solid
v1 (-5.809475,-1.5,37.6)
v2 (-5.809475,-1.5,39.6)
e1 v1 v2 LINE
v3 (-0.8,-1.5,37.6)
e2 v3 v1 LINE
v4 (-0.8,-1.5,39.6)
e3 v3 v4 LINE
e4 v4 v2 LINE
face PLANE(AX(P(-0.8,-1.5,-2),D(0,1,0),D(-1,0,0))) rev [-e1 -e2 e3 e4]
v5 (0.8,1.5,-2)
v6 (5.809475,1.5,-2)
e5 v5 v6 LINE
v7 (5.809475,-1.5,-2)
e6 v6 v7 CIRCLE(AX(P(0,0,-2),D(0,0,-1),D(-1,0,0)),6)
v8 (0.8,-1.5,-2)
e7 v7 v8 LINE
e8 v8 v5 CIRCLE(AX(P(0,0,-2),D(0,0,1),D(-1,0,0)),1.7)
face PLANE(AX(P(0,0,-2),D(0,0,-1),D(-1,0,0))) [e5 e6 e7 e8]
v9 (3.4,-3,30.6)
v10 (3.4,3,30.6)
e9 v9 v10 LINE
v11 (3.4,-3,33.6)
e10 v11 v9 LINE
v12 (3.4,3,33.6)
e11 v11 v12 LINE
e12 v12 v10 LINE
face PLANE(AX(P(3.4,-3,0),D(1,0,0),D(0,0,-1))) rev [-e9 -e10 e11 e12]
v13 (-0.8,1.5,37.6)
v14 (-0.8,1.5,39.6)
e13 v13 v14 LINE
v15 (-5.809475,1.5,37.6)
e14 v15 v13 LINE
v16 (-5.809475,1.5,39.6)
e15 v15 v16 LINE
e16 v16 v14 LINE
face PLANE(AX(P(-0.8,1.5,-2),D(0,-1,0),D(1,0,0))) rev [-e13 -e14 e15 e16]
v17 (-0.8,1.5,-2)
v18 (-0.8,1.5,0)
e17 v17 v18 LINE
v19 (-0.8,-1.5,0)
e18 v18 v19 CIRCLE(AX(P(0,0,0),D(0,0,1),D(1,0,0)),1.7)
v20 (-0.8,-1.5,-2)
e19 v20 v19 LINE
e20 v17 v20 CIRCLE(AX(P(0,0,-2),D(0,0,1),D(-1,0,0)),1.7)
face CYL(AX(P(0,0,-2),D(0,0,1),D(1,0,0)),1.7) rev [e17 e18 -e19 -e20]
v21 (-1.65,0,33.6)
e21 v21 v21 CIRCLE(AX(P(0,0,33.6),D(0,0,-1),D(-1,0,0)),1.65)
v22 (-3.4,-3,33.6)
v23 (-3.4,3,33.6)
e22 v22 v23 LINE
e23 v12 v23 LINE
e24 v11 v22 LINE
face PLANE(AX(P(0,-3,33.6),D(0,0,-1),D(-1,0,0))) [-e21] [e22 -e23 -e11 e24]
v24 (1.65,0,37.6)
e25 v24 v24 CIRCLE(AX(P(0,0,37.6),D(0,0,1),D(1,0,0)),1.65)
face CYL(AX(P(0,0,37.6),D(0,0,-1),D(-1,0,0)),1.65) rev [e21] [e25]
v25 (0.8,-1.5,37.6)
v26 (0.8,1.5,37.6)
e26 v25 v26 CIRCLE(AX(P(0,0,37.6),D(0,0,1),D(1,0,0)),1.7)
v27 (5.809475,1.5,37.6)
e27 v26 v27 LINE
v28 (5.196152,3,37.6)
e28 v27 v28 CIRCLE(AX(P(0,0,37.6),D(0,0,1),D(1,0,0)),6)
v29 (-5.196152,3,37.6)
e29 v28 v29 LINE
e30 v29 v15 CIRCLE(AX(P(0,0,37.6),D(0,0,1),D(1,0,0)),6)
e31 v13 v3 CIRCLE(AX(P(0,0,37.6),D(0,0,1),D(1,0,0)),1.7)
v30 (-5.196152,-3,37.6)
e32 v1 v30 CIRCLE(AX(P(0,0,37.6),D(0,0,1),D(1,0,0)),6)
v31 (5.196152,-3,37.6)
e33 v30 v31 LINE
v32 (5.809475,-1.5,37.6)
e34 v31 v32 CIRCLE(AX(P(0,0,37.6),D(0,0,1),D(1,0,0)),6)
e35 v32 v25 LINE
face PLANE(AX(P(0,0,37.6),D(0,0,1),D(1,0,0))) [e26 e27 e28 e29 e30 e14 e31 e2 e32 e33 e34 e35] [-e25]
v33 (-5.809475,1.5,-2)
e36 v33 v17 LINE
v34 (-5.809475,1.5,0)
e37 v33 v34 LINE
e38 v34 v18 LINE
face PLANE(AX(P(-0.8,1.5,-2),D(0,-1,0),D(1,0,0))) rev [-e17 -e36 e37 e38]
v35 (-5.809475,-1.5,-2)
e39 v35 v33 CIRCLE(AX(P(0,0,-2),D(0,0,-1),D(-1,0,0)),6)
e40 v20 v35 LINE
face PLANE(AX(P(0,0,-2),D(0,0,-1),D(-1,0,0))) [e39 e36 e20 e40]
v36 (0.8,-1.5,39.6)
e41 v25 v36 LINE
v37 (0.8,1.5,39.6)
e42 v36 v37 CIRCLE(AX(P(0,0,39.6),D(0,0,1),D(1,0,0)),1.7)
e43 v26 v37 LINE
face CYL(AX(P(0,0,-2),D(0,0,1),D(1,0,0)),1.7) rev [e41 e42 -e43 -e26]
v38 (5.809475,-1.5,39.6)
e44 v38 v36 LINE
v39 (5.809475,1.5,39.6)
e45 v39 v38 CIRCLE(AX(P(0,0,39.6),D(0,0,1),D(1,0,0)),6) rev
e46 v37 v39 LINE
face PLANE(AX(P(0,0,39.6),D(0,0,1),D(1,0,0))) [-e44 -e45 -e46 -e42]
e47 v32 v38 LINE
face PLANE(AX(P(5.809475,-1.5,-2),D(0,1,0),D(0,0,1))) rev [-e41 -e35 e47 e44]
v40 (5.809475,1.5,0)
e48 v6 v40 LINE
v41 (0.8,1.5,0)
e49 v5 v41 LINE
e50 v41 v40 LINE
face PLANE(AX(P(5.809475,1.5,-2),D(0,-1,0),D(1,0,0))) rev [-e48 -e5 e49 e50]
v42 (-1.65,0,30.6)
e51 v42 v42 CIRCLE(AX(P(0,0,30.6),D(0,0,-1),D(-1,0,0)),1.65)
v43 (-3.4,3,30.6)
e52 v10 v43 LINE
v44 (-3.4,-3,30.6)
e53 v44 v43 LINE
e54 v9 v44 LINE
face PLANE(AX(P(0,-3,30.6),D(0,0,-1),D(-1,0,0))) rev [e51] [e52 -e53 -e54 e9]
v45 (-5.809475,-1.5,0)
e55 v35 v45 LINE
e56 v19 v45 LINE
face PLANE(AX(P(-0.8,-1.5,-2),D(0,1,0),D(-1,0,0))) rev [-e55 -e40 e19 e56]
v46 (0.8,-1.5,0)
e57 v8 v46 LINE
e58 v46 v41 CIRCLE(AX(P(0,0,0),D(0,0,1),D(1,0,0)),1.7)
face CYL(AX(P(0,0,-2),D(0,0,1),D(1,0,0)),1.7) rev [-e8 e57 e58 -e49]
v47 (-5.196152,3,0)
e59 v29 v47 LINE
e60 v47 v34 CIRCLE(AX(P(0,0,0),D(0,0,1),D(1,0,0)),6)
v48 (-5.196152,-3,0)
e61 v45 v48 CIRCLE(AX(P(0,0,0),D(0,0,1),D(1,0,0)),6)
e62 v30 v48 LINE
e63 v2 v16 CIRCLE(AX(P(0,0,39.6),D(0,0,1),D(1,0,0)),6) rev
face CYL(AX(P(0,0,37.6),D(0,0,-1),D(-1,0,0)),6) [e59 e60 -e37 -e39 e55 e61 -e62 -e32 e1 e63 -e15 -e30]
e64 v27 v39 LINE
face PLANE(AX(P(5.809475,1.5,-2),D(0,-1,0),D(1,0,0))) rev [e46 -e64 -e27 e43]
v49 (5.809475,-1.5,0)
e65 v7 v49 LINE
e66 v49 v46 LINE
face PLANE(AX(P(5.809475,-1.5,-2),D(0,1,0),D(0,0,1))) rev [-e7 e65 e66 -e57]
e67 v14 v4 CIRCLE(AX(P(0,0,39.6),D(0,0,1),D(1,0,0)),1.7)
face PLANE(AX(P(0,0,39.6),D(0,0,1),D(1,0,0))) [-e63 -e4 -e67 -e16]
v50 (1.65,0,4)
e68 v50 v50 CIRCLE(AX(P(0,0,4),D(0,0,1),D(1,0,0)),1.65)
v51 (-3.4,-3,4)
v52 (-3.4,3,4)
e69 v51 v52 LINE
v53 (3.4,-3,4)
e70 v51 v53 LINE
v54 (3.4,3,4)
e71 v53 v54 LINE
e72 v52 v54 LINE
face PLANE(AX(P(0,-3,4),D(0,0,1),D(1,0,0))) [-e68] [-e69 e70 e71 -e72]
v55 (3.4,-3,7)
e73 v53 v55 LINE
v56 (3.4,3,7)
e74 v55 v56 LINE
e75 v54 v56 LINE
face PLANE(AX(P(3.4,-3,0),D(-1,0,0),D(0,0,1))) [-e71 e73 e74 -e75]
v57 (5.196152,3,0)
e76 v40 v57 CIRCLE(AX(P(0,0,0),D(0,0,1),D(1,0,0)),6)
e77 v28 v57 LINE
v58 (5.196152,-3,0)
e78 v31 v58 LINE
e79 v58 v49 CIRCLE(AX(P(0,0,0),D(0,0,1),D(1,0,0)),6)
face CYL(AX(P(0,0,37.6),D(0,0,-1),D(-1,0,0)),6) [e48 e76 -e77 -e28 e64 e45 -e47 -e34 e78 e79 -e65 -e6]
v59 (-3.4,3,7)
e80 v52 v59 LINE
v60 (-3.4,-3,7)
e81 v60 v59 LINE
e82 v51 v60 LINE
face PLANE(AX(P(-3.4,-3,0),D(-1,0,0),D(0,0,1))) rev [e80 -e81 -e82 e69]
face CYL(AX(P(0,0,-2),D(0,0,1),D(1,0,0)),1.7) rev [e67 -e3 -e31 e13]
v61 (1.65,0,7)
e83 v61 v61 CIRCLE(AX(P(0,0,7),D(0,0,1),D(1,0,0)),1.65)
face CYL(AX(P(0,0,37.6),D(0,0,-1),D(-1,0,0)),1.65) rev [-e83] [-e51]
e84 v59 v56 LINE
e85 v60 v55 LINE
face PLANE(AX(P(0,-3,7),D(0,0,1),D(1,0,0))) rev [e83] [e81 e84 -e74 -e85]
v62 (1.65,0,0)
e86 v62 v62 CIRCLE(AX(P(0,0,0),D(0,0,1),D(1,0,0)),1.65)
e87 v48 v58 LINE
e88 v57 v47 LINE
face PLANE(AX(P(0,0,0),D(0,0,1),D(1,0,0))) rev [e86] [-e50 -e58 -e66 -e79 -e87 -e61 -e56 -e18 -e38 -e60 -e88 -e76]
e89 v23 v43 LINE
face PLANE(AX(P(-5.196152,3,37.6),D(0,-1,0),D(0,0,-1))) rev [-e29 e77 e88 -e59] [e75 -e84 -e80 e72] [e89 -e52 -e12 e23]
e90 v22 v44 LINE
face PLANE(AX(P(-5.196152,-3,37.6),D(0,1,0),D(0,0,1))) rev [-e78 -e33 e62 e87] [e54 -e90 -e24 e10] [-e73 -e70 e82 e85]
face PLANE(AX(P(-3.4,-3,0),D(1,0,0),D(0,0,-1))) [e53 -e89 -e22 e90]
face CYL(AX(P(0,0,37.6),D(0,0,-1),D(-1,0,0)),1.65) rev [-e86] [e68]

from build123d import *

# Parameters (mm, degrees)
ESBO_O1_R                     = 1.65
RESSALTO_EXTRUS_O1_DEPTH      = 37.6
RESSALTO_EXTRUS_O2_DEPTH      = 2
RESSALTO_EXTRUS_O2_DEPTH_BACK = 39.6
CORTE_EXTRUS_O1_DEPTH         = 41.164163131
CORTE_EXTRUS_O1_DEPTH_BACK    = 41.164163131
ESBO_O2_W                     = 6.8
ESBO_O2_H                     = 3


with BuildPart() as part:
    # Esboço1 → Ressalto-extrusão1 (new body)
    with BuildSketch(Plane.XY):
        with BuildLine():
            Line((-5.196152423, -3), (5.196152423, -3))
            ThreePointArc((5.196152423, -3), (6, 0), (5.196152423, 3))
            Line((5.196152423, 3), (-5.196152423, 3))
            ThreePointArc((-5.196152423, 3), (-6, 0), (-5.196152423, -3))
        make_face()
        Circle(ESBO_O1_R, mode=Mode.SUBTRACT)
    extrude(amount=RESSALTO_EXTRUS_O1_DEPTH)

    # Esboço3 → Ressalto-extrusão2 (add, two sides: drawn at the far end of the back side and taken through both)
    with BuildSketch(Plane(origin=(0, 0, 0), x_dir=(-1, 0, 0), z_dir=(0, 0, -1)).offset(-RESSALTO_EXTRUS_O2_DEPTH_BACK)):
        with BuildLine():
            Line((0.8, 1.5), (5.809475019, 1.5))
            ThreePointArc((5.809475019, 1.5), (6, 0), (5.809475019, -1.5))
            Line((5.809475019, -1.5), (0.8, -1.5))
            ThreePointArc((0.8, -1.5), (1.7, 0), (0.8, 1.5))
        make_face()
        with BuildLine():
            Line((-5.809475019, 1.5), (-0.8, 1.5))
            ThreePointArc((-0.8, 1.5), (-1.7, 0), (-0.8, -1.5))
            Line((-0.8, -1.5), (-5.809475019, -1.5))
            ThreePointArc((-5.809475019, -1.5), (-6, 0), (-5.809475019, 1.5))
        make_face()
    extrude(amount=RESSALTO_EXTRUS_O2_DEPTH + RESSALTO_EXTRUS_O2_DEPTH_BACK)

    # Esboço2 → Corte-extrusão1 (cut, two sides: drawn at the far end of the back side and taken through both)
    with BuildSketch(Plane(origin=(0, 0, 0), x_dir=(1, 0, 0), z_dir=(0, 1, 0)).offset(-CORTE_EXTRUS_O1_DEPTH_BACK)):
        with Locations((0, -5.5)):
            Rectangle(ESBO_O2_W, ESBO_O2_H)
        with Locations((0, -5.5)):
            Rectangle(ESBO_O2_W, ESBO_O2_H)
        with Locations((0, -32.1)):
            Rectangle(ESBO_O2_W, ESBO_O2_H)
        with Locations((0, -32.1)):
            Rectangle(ESBO_O2_W, ESBO_O2_H)
    extrude(amount=CORTE_EXTRUS_O1_DEPTH + CORTE_EXTRUS_O1_DEPTH_BACK, mode=Mode.SUBTRACT)


solid = part.part
